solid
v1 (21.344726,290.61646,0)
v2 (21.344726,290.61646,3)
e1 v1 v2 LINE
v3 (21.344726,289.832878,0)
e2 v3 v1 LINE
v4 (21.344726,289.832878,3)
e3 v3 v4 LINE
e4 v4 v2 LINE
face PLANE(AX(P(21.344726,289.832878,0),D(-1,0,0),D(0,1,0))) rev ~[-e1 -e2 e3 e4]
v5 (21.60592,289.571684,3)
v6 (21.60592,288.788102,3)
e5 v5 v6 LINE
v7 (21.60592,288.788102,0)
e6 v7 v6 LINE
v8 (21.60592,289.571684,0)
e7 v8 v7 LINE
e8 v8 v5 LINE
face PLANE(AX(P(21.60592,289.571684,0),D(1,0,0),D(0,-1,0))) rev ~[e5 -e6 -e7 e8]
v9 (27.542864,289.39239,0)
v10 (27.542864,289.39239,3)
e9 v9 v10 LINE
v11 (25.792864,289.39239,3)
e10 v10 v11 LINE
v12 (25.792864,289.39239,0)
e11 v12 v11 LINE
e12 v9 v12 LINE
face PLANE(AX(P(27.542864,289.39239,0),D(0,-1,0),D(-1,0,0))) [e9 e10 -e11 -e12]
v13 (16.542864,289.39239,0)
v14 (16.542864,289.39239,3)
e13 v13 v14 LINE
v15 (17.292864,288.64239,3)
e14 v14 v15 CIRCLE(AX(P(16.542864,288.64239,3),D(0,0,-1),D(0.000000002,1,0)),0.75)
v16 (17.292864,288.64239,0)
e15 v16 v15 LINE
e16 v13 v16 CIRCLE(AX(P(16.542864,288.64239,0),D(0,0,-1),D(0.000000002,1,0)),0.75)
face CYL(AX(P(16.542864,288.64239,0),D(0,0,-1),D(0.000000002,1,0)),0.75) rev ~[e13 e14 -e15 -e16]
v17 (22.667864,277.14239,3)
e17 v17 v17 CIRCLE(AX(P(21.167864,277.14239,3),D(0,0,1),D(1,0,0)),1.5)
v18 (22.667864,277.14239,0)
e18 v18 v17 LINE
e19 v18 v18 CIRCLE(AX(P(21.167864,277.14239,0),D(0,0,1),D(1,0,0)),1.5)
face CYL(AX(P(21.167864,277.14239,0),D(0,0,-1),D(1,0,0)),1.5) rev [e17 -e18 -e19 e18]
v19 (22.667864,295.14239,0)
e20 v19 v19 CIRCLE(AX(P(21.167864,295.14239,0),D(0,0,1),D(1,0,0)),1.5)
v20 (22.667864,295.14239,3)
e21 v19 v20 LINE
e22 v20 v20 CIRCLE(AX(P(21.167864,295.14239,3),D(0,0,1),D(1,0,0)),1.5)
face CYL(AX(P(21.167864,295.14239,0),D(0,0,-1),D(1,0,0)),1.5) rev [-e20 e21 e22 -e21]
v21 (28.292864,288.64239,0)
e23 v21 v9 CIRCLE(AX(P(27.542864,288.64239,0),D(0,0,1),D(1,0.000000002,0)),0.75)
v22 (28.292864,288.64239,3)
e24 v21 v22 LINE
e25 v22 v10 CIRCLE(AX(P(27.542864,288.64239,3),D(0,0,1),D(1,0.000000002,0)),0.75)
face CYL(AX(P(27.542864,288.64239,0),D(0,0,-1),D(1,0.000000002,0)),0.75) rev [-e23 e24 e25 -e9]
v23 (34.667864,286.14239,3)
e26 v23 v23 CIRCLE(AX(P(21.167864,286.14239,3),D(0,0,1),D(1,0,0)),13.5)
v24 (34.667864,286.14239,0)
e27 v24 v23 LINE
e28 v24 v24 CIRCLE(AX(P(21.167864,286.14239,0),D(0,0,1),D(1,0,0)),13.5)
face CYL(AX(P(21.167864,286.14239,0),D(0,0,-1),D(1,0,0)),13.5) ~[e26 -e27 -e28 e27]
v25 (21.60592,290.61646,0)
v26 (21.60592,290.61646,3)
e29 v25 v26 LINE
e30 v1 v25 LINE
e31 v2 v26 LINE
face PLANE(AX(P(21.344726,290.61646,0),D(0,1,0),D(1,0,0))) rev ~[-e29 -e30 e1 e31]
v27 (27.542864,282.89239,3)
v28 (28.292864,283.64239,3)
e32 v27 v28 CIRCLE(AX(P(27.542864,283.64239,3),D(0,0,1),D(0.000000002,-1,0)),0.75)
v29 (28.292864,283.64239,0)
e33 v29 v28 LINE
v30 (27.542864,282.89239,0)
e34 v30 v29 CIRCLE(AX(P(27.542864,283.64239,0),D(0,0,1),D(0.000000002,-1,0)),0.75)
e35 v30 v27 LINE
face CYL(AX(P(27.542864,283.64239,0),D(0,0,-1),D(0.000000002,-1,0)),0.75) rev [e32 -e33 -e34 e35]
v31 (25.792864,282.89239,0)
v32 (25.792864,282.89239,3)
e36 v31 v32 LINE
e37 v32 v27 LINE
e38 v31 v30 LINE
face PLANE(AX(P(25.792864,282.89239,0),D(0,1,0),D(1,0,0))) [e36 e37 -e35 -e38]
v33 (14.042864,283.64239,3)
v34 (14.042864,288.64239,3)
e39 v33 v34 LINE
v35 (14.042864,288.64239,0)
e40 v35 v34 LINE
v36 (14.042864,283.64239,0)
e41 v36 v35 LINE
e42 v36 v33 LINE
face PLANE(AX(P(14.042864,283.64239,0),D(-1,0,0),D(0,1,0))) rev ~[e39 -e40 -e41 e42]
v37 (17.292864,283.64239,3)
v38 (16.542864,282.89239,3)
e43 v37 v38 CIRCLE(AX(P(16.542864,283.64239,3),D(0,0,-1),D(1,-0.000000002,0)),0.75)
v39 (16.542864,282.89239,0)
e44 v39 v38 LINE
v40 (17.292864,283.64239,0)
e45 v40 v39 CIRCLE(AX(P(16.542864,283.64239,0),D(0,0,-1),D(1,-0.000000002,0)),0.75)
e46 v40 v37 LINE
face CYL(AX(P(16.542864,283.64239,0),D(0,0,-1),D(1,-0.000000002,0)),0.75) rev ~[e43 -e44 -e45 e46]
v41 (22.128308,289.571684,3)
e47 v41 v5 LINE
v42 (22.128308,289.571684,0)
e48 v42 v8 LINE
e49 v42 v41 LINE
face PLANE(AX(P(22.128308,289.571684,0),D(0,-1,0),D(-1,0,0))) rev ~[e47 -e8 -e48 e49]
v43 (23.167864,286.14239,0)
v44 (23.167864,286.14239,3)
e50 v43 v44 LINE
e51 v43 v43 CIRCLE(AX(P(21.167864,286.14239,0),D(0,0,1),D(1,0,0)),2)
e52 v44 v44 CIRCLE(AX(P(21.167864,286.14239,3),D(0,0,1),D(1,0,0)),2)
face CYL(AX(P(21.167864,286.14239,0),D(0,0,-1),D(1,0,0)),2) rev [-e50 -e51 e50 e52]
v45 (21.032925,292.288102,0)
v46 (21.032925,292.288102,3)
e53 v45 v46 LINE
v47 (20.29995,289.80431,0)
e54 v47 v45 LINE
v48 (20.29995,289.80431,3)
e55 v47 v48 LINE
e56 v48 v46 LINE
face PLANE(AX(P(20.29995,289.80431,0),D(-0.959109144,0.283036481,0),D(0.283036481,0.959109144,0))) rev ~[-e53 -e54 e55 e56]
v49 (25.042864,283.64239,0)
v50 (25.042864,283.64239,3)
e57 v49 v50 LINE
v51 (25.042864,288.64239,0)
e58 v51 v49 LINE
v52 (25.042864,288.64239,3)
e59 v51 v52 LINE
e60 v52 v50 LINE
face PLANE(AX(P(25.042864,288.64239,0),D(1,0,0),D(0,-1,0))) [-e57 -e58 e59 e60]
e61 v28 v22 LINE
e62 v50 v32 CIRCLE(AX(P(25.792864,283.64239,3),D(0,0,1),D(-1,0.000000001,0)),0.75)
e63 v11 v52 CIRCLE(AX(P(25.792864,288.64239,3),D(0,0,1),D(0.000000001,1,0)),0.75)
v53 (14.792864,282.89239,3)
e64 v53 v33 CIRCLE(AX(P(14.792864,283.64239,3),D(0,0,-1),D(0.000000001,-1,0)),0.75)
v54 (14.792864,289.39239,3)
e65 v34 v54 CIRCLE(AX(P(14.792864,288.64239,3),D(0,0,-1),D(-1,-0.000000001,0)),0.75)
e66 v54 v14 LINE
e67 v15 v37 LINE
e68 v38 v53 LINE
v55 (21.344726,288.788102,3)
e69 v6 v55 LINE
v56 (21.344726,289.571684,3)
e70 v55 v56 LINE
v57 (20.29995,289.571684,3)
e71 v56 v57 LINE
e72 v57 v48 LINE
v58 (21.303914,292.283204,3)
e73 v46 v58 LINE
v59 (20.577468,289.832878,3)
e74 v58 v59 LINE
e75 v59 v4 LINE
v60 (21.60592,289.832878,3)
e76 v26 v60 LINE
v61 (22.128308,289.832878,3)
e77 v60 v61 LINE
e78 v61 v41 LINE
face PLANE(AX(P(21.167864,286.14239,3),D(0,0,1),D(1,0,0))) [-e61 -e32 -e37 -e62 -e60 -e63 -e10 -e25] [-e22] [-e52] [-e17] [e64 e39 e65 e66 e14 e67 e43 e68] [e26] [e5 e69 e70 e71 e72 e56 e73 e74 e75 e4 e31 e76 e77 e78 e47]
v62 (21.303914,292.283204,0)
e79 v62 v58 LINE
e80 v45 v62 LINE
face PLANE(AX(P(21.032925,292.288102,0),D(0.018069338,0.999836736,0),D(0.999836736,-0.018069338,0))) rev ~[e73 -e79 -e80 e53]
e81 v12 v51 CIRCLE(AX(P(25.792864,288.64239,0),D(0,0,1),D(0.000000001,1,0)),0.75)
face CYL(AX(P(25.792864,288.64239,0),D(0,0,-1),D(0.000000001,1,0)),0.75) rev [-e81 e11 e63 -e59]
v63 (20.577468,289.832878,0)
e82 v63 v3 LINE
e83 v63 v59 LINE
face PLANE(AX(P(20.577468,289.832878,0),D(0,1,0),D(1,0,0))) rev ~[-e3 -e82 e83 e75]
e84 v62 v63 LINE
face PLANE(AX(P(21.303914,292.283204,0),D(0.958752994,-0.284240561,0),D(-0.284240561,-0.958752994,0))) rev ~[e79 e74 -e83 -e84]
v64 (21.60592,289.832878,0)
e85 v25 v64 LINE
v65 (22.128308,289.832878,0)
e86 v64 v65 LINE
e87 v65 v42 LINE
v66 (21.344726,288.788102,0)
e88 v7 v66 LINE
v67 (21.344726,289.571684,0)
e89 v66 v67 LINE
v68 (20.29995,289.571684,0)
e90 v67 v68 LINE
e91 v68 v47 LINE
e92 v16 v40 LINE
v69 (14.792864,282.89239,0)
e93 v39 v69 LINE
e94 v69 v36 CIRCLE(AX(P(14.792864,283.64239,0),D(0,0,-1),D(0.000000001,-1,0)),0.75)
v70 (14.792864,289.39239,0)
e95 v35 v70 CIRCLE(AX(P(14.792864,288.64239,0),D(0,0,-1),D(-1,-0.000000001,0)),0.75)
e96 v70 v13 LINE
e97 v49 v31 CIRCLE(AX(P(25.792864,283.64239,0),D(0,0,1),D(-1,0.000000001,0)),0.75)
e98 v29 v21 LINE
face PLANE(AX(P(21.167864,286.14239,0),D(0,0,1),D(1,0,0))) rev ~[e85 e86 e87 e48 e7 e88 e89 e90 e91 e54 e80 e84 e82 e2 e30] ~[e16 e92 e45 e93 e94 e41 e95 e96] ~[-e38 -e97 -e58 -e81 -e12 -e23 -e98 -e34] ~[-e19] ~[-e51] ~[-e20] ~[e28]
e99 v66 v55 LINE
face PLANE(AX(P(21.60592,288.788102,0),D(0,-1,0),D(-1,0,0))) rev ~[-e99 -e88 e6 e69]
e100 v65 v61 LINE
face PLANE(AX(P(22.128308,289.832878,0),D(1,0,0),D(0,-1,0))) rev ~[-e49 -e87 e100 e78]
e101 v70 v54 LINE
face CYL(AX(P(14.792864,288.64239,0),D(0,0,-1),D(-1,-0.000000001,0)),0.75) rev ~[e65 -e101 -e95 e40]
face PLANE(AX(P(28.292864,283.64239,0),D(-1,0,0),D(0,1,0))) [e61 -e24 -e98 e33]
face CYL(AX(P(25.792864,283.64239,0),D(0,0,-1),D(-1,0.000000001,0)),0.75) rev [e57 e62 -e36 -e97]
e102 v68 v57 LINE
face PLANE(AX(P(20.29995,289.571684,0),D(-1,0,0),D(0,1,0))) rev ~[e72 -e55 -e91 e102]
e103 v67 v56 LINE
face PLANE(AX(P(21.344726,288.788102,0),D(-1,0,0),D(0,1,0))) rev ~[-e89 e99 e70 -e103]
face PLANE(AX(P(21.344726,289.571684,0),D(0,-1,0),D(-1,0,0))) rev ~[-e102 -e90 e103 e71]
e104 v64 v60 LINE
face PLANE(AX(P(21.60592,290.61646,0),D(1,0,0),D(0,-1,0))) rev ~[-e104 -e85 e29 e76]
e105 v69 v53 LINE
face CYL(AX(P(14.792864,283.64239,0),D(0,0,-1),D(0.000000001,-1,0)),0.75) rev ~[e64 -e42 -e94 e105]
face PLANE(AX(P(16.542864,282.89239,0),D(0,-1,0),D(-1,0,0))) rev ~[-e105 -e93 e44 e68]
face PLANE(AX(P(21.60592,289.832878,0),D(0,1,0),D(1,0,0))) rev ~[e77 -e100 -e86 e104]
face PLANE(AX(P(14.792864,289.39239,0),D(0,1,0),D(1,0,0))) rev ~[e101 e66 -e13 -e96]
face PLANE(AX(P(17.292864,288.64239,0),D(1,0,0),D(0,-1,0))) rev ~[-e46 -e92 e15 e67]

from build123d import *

# Parameters (mm, degrees)
MODEL_R                 = 13.5
MODEL_R_2               = 2
MODEL_R_3               = 1.5
SALIENTE_EXTRUIR1_DEPTH = 3


with BuildPart() as part:
    # Model → Saliente-Extruir1 (new body)
    with BuildSketch(Plane.XY):
        with Locations((21.167864369, 286.142389673)):
            Circle(MODEL_R)
        with Locations((21.167864369, 286.142389673)):
            Circle(MODEL_R_2, mode=Mode.SUBTRACT)
        with Locations((21.167864369, 295.142389673)):
            Circle(MODEL_R_3, mode=Mode.SUBTRACT)
        with Locations((21.167864369, 277.142389673)):
            Circle(MODEL_R_3, mode=Mode.SUBTRACT)
        with BuildLine():
            Line((27.542864369, 289.392389673), (25.792864369, 289.392389673))
            ThreePointArc((25.792864369, 289.392389673), (25.262534283, 289.172719759), (25.042864369, 288.642389673))
            Line((25.042864369, 288.642389673), (25.042864369, 283.642389673))
            ThreePointArc((25.042864369, 283.642389673), (25.262534283, 283.112059587), (25.792864369, 282.892389673))
            Line((25.792864369, 282.892389673), (27.542864369, 282.892389673))
            ThreePointArc((27.542864369, 282.892389673), (28.073194454, 283.112059587), (28.292864369, 283.642389673))
            Line((28.292864369, 283.642389673), (28.292864369, 288.642389673))
            ThreePointArc((28.292864369, 288.642389673), (28.073194454, 289.172719759), (27.542864369, 289.392389673))
        make_face(mode=Mode.SUBTRACT)
        with BuildLine():
            Line((14.792864369, 289.392389673), (16.542864369, 289.392389673))
            ThreePointArc((16.542864369, 289.392389673), (17.073194454, 289.172719759), (17.292864369, 288.642389673))
            Line((17.292864369, 288.642389673), (17.292864369, 283.642389673))
            ThreePointArc((17.292864369, 283.642389673), (17.073194454, 283.112059587), (16.542864369, 282.892389673))
            Line((16.542864369, 282.892389673), (14.792864369, 282.892389673))
            ThreePointArc((14.792864369, 282.892389673), (14.262534283, 283.112059587), (14.042864369, 283.642389673))
            Line((14.042864369, 283.642389673), (14.042864369, 288.642389673))
            ThreePointArc((14.042864369, 288.642389673), (14.262534283, 289.172719759), (14.792864369, 289.392389673))
        make_face(mode=Mode.SUBTRACT)
        Polygon((22.128307957, 289.571683654), (21.605919898, 289.571683654), (21.605919898, 288.788101564), (21.344725868, 288.788101564), (21.344725868, 289.571683654), (20.299949748, 289.571683654), (20.299949748, 289.804309587), (21.032925495, 292.288101564), (21.303914301, 292.283204176), (20.577468405, 289.832877684), (21.344725868, 289.832877684), (21.344725868, 290.616459773), (21.605919898, 290.616459773), (21.605919898, 289.832877684), (22.128307957, 289.832877684), align=None, mode=Mode.SUBTRACT)
    extrude(amount=SALIENTE_EXTRUIR1_DEPTH)


solid = part.part
